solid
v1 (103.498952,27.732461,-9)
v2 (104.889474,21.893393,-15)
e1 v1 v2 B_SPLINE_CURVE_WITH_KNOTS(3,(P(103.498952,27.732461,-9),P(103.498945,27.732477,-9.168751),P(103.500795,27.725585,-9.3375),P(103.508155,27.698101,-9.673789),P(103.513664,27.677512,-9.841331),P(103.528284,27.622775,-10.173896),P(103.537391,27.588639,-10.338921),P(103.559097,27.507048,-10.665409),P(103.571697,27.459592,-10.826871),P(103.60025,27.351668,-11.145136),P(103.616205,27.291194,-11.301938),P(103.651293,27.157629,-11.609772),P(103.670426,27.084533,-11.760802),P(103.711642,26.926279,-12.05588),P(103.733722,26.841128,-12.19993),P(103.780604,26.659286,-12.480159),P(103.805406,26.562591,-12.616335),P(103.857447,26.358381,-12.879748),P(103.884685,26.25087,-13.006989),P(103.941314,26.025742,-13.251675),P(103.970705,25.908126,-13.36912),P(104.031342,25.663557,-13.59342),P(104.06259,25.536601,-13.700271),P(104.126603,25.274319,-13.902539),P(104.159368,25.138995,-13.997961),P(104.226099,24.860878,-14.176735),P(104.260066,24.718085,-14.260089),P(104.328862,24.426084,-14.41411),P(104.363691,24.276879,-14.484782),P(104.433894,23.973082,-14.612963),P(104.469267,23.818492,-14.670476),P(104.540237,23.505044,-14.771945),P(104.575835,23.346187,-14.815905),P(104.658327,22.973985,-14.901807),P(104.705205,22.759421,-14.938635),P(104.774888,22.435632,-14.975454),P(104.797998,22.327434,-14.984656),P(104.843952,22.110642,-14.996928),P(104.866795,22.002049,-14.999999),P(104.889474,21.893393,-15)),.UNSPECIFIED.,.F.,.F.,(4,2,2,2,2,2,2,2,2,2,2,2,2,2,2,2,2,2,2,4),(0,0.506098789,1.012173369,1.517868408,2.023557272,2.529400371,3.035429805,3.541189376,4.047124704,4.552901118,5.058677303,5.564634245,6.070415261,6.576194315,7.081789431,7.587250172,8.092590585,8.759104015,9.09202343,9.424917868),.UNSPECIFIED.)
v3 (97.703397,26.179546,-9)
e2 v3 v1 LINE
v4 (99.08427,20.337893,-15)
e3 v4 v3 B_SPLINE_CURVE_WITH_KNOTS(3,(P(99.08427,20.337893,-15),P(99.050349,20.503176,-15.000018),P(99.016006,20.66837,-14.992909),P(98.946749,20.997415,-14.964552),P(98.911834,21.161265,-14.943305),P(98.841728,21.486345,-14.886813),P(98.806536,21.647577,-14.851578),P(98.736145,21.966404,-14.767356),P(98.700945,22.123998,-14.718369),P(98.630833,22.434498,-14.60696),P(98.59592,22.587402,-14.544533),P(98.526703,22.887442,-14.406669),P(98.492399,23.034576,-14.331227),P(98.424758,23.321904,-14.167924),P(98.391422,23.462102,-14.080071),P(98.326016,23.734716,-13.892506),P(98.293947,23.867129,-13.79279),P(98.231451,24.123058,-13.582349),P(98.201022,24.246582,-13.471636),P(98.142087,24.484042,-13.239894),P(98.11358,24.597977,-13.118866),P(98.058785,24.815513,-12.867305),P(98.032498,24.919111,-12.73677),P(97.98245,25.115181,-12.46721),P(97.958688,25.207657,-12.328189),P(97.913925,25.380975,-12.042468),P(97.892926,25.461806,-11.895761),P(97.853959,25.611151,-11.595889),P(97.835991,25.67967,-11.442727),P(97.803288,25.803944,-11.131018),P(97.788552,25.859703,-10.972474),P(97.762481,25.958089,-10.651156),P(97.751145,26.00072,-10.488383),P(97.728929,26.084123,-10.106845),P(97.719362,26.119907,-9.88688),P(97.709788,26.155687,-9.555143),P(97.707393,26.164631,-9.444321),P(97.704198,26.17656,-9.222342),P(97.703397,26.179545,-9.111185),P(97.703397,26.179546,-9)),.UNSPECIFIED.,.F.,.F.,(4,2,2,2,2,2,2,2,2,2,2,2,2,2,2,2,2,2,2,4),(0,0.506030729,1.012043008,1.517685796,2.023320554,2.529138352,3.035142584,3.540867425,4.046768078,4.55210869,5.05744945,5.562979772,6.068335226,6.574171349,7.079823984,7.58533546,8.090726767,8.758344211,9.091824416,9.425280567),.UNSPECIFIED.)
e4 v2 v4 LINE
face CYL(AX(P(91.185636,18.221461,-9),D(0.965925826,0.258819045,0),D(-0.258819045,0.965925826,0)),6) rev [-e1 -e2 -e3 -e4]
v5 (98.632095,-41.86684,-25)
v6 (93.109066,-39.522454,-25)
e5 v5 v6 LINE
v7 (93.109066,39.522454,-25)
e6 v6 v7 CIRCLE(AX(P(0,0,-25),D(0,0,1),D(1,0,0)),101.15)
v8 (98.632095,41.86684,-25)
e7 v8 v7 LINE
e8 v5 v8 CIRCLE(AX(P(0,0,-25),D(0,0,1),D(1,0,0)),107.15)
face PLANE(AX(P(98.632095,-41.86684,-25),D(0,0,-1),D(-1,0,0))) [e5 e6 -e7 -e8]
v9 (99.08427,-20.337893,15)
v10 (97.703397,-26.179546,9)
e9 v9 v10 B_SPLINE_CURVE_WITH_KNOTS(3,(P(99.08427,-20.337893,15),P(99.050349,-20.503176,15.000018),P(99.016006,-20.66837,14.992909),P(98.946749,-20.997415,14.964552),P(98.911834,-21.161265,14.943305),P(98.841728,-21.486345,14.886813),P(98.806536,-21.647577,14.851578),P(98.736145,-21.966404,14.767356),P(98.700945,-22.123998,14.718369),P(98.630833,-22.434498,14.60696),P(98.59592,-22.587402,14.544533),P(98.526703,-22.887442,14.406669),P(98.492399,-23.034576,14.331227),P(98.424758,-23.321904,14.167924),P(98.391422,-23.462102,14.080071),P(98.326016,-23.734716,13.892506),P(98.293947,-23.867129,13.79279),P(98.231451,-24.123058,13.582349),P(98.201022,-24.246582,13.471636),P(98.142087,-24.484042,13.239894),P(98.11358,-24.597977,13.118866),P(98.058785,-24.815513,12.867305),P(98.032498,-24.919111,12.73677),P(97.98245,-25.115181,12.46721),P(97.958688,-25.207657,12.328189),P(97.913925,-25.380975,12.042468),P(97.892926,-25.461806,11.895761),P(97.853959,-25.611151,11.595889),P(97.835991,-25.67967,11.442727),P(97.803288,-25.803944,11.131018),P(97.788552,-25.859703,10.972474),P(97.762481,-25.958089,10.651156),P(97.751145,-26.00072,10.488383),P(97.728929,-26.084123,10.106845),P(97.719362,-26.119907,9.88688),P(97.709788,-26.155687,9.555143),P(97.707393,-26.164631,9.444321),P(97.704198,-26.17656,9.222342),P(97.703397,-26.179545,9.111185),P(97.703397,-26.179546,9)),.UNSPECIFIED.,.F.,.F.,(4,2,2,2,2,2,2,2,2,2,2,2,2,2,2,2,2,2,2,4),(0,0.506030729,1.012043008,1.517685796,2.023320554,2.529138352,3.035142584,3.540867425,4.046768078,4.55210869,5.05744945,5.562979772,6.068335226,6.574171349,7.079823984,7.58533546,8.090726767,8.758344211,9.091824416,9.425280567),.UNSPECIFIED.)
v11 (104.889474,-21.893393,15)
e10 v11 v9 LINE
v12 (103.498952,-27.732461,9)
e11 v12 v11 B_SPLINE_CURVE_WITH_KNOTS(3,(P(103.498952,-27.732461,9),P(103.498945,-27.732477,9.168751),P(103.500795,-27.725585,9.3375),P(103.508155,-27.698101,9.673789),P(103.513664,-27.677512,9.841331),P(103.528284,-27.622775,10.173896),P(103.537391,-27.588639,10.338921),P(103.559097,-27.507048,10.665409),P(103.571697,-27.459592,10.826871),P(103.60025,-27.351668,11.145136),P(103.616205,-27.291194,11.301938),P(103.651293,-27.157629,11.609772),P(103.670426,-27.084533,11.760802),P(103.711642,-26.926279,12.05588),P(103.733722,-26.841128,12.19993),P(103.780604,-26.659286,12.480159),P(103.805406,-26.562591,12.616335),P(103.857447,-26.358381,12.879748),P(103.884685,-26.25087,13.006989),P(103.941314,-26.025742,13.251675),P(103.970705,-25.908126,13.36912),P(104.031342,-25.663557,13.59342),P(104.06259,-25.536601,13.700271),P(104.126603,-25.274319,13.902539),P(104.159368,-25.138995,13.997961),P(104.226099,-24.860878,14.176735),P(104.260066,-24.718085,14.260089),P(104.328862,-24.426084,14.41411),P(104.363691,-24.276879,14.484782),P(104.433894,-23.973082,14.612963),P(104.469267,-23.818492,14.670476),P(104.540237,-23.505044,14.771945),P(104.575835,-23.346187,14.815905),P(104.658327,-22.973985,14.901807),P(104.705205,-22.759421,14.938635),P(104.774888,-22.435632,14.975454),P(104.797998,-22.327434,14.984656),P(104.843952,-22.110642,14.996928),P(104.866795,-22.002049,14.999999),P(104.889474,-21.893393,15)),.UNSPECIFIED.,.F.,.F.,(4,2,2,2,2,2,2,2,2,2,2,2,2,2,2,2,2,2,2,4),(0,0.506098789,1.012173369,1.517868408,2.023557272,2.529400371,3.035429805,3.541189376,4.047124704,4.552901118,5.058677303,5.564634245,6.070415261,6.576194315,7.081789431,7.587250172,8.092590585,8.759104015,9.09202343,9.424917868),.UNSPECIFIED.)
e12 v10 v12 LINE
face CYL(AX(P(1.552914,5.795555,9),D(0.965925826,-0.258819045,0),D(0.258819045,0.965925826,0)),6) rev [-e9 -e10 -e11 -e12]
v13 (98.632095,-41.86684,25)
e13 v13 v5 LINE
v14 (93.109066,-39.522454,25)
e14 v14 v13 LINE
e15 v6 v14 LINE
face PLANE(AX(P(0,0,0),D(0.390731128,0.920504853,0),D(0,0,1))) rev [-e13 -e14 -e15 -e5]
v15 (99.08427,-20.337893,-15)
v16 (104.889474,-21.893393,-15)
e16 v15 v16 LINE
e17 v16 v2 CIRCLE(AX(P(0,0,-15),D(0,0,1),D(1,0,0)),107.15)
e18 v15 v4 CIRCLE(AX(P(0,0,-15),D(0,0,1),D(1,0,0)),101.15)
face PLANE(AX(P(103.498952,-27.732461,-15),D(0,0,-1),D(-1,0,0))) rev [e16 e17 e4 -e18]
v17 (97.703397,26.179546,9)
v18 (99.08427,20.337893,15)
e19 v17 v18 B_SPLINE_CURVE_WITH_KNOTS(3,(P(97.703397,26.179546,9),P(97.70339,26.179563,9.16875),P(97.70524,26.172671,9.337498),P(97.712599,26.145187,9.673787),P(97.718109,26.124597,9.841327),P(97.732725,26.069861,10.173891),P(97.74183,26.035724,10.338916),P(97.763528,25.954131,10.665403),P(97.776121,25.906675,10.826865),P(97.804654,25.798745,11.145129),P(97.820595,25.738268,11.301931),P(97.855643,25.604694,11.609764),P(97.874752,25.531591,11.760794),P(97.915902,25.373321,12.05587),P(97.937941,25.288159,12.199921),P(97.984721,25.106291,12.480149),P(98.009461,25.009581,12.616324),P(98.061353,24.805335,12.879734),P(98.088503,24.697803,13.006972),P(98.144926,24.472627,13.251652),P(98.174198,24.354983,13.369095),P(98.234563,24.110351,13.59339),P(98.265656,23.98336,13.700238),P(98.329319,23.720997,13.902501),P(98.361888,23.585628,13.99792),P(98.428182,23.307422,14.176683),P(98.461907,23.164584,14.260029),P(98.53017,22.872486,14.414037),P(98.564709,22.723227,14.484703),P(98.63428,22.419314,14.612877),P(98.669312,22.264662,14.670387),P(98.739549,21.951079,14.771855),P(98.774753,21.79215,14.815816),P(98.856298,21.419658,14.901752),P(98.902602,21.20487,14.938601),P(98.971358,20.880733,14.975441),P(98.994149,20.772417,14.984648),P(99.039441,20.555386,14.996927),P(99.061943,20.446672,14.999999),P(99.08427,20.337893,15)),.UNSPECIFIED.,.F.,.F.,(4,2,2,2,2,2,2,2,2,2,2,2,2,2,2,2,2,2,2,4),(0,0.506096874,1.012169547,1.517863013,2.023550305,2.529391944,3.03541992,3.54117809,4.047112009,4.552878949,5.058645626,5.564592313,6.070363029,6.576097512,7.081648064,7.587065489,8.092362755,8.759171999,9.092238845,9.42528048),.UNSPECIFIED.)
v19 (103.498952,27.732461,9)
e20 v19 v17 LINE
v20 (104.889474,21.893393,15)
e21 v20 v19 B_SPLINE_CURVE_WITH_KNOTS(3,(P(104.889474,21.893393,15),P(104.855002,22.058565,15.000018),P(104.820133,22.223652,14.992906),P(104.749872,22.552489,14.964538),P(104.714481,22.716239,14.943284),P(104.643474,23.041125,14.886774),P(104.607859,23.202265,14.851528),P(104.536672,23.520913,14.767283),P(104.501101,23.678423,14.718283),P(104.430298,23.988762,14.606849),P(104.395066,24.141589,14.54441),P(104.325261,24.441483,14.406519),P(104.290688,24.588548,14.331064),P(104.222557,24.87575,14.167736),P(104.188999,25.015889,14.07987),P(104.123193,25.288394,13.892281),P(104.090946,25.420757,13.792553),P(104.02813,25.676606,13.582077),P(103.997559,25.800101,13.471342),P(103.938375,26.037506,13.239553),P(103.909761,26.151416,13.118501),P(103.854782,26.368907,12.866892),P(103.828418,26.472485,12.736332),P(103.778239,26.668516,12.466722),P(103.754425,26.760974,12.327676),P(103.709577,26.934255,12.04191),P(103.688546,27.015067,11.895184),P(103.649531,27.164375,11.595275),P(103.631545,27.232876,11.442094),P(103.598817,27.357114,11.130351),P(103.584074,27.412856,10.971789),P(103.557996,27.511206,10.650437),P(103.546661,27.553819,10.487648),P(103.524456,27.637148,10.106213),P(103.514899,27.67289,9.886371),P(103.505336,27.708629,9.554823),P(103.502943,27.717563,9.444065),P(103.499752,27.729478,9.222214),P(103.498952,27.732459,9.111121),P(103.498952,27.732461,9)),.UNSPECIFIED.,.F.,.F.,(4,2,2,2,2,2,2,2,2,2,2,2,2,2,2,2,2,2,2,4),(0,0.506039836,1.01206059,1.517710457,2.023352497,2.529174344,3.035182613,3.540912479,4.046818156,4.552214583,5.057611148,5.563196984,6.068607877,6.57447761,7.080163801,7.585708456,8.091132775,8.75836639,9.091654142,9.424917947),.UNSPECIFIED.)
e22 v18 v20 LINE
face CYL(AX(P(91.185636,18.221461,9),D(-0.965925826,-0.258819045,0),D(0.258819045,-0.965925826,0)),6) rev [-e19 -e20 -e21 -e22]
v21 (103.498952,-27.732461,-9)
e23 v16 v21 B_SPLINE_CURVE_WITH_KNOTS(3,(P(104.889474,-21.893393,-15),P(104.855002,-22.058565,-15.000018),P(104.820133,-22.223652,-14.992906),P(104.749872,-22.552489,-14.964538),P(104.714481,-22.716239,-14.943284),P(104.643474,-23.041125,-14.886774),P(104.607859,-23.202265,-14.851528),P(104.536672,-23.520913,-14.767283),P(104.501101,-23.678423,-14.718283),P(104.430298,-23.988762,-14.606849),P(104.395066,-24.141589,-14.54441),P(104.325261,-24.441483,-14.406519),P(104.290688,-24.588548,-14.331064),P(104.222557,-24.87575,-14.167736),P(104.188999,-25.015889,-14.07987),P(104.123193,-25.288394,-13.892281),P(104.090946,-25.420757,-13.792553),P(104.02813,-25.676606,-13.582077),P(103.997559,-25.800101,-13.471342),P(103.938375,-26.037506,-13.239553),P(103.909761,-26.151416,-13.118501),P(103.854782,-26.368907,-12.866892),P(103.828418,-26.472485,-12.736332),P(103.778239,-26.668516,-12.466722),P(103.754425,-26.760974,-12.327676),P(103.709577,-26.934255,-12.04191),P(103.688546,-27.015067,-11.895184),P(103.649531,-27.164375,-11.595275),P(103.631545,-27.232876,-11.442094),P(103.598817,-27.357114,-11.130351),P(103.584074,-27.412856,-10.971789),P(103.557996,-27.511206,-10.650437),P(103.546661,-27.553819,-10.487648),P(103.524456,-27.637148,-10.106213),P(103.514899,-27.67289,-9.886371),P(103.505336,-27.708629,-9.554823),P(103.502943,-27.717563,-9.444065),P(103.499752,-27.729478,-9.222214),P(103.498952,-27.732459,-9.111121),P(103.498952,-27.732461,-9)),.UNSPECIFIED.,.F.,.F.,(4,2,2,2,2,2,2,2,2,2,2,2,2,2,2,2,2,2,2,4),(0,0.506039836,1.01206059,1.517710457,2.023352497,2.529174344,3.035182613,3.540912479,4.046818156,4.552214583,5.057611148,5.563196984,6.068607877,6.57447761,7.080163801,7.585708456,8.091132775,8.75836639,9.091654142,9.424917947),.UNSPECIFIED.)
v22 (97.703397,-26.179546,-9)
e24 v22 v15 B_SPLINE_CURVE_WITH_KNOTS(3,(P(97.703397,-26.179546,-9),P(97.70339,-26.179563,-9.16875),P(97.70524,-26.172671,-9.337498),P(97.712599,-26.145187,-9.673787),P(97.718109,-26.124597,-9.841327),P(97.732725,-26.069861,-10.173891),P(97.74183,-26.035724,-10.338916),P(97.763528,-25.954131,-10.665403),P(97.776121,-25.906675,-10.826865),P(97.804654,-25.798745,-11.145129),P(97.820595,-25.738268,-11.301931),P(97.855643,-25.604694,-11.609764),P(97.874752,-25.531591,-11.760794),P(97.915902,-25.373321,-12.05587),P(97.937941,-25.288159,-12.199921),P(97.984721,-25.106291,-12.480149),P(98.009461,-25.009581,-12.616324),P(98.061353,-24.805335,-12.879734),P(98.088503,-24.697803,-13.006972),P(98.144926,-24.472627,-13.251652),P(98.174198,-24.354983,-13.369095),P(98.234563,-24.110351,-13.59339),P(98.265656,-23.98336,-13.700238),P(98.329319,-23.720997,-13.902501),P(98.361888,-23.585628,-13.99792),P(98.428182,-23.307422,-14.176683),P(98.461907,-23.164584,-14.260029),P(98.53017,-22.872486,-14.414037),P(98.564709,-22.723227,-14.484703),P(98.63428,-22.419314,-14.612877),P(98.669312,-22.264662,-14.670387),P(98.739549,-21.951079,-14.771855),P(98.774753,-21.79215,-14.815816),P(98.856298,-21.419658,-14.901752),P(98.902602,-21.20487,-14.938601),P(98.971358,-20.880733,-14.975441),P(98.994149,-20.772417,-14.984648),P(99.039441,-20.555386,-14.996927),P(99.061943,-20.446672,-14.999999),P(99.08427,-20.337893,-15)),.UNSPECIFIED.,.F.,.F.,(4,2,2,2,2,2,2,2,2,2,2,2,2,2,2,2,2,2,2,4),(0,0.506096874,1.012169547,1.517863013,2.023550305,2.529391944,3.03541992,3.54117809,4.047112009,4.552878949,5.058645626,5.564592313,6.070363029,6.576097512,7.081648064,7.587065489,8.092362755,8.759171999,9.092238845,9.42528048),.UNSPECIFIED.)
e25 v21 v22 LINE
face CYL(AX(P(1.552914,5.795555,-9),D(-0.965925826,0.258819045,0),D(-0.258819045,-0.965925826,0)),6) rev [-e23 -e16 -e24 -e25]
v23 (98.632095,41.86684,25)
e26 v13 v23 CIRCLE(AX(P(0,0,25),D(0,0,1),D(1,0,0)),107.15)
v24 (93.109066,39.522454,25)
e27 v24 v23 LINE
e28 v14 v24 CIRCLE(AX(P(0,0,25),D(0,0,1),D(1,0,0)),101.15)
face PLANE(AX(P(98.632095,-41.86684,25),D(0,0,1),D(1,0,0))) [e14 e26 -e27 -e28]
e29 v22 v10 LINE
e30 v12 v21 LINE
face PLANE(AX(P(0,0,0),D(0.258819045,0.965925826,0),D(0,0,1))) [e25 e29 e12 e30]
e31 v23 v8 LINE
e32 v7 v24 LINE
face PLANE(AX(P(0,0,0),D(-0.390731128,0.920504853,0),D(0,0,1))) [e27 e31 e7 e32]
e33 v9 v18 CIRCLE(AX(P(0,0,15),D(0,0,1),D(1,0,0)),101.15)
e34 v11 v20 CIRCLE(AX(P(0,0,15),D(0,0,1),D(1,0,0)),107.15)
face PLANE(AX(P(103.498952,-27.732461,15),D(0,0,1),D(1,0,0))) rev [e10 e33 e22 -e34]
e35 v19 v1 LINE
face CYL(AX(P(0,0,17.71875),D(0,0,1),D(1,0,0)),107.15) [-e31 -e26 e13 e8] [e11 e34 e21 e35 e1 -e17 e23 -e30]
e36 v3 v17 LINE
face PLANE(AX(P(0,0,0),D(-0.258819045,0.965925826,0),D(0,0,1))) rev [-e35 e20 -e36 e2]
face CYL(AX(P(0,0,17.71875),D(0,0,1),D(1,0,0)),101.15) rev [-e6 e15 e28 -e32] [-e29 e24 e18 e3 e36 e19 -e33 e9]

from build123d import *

# Parameters (mm, degrees)
SKETCH3_W                    = 6
SKETCH3_H                    = 50
REVOLVE1_ANGLE               = 23
REVOLVE1_OTHER_WAY_ANGLE     = 23
SKETCH4_W                    = 6
SKETCH4_H                    = 30
CUT_REVOLVE1_ANGLE           = 15
CUT_REVOLVE1_OTHER_WAY_ANGLE = 15
FILLET1_R                    = 6


with BuildPart() as part:
    # Sketch3 → Revolve1 (revolve)
    with BuildSketch(Plane(origin=(0, 0, 0), x_dir=(1, 0, 0), z_dir=(0, 1, 0))):
        with Locations((104.15, 0)):
            Rectangle(SKETCH3_W, SKETCH3_H)
    revolve(axis=Axis((0, 0, 17.71875), (0, 0, -1)), revolution_arc=REVOLVE1_ANGLE)

    # Sketch3 → Revolve1 other way (revolve)
    with BuildSketch(Plane(origin=(0, 0, 0), x_dir=(1, 0, 0), z_dir=(0, 1, 0))):
        with Locations((104.15, 0)):
            Rectangle(SKETCH3_W, SKETCH3_H)
    revolve(axis=Axis((0, 0, 17.71875), (0, 0, 1)), revolution_arc=REVOLVE1_OTHER_WAY_ANGLE)

    # Sketch4 → Cut-Revolve1 (revolve, cut)
    with BuildSketch(Plane(origin=(0, 0, 0), x_dir=(1, 0, 0), z_dir=(0, 1, 0))):
        with Locations((104.15, 0)):
            Rectangle(SKETCH4_W, SKETCH4_H)
    revolve(axis=Axis((0, 0, 15), (0, 0, -1)), revolution_arc=CUT_REVOLVE1_ANGLE, mode=Mode.SUBTRACT)

    # Sketch4 → Cut-Revolve1 other way (revolve, cut)
    with BuildSketch(Plane(origin=(0, 0, 0), x_dir=(1, 0, 0), z_dir=(0, 1, 0))):
        with Locations((104.15, 0)):
            Rectangle(SKETCH4_W, SKETCH4_H)
    revolve(axis=Axis((0, 0, 15), (0, 0, 1)), revolution_arc=CUT_REVOLVE1_OTHER_WAY_ANGLE, mode=Mode.SUBTRACT)

    # Fillet1
    fillet1_edges = [part.edges().sort_by_distance(p)[0] for p in [
        (100.601174808, -26.956003547, 15),
        (100.601174808, -26.956003547, -15),
        (100.601174808, 26.956003547, 15),
        (100.601174808, 26.956003547, -15),
    ]]
    fillet(fillet1_edges, radius=FILLET1_R)


solid = part.part
